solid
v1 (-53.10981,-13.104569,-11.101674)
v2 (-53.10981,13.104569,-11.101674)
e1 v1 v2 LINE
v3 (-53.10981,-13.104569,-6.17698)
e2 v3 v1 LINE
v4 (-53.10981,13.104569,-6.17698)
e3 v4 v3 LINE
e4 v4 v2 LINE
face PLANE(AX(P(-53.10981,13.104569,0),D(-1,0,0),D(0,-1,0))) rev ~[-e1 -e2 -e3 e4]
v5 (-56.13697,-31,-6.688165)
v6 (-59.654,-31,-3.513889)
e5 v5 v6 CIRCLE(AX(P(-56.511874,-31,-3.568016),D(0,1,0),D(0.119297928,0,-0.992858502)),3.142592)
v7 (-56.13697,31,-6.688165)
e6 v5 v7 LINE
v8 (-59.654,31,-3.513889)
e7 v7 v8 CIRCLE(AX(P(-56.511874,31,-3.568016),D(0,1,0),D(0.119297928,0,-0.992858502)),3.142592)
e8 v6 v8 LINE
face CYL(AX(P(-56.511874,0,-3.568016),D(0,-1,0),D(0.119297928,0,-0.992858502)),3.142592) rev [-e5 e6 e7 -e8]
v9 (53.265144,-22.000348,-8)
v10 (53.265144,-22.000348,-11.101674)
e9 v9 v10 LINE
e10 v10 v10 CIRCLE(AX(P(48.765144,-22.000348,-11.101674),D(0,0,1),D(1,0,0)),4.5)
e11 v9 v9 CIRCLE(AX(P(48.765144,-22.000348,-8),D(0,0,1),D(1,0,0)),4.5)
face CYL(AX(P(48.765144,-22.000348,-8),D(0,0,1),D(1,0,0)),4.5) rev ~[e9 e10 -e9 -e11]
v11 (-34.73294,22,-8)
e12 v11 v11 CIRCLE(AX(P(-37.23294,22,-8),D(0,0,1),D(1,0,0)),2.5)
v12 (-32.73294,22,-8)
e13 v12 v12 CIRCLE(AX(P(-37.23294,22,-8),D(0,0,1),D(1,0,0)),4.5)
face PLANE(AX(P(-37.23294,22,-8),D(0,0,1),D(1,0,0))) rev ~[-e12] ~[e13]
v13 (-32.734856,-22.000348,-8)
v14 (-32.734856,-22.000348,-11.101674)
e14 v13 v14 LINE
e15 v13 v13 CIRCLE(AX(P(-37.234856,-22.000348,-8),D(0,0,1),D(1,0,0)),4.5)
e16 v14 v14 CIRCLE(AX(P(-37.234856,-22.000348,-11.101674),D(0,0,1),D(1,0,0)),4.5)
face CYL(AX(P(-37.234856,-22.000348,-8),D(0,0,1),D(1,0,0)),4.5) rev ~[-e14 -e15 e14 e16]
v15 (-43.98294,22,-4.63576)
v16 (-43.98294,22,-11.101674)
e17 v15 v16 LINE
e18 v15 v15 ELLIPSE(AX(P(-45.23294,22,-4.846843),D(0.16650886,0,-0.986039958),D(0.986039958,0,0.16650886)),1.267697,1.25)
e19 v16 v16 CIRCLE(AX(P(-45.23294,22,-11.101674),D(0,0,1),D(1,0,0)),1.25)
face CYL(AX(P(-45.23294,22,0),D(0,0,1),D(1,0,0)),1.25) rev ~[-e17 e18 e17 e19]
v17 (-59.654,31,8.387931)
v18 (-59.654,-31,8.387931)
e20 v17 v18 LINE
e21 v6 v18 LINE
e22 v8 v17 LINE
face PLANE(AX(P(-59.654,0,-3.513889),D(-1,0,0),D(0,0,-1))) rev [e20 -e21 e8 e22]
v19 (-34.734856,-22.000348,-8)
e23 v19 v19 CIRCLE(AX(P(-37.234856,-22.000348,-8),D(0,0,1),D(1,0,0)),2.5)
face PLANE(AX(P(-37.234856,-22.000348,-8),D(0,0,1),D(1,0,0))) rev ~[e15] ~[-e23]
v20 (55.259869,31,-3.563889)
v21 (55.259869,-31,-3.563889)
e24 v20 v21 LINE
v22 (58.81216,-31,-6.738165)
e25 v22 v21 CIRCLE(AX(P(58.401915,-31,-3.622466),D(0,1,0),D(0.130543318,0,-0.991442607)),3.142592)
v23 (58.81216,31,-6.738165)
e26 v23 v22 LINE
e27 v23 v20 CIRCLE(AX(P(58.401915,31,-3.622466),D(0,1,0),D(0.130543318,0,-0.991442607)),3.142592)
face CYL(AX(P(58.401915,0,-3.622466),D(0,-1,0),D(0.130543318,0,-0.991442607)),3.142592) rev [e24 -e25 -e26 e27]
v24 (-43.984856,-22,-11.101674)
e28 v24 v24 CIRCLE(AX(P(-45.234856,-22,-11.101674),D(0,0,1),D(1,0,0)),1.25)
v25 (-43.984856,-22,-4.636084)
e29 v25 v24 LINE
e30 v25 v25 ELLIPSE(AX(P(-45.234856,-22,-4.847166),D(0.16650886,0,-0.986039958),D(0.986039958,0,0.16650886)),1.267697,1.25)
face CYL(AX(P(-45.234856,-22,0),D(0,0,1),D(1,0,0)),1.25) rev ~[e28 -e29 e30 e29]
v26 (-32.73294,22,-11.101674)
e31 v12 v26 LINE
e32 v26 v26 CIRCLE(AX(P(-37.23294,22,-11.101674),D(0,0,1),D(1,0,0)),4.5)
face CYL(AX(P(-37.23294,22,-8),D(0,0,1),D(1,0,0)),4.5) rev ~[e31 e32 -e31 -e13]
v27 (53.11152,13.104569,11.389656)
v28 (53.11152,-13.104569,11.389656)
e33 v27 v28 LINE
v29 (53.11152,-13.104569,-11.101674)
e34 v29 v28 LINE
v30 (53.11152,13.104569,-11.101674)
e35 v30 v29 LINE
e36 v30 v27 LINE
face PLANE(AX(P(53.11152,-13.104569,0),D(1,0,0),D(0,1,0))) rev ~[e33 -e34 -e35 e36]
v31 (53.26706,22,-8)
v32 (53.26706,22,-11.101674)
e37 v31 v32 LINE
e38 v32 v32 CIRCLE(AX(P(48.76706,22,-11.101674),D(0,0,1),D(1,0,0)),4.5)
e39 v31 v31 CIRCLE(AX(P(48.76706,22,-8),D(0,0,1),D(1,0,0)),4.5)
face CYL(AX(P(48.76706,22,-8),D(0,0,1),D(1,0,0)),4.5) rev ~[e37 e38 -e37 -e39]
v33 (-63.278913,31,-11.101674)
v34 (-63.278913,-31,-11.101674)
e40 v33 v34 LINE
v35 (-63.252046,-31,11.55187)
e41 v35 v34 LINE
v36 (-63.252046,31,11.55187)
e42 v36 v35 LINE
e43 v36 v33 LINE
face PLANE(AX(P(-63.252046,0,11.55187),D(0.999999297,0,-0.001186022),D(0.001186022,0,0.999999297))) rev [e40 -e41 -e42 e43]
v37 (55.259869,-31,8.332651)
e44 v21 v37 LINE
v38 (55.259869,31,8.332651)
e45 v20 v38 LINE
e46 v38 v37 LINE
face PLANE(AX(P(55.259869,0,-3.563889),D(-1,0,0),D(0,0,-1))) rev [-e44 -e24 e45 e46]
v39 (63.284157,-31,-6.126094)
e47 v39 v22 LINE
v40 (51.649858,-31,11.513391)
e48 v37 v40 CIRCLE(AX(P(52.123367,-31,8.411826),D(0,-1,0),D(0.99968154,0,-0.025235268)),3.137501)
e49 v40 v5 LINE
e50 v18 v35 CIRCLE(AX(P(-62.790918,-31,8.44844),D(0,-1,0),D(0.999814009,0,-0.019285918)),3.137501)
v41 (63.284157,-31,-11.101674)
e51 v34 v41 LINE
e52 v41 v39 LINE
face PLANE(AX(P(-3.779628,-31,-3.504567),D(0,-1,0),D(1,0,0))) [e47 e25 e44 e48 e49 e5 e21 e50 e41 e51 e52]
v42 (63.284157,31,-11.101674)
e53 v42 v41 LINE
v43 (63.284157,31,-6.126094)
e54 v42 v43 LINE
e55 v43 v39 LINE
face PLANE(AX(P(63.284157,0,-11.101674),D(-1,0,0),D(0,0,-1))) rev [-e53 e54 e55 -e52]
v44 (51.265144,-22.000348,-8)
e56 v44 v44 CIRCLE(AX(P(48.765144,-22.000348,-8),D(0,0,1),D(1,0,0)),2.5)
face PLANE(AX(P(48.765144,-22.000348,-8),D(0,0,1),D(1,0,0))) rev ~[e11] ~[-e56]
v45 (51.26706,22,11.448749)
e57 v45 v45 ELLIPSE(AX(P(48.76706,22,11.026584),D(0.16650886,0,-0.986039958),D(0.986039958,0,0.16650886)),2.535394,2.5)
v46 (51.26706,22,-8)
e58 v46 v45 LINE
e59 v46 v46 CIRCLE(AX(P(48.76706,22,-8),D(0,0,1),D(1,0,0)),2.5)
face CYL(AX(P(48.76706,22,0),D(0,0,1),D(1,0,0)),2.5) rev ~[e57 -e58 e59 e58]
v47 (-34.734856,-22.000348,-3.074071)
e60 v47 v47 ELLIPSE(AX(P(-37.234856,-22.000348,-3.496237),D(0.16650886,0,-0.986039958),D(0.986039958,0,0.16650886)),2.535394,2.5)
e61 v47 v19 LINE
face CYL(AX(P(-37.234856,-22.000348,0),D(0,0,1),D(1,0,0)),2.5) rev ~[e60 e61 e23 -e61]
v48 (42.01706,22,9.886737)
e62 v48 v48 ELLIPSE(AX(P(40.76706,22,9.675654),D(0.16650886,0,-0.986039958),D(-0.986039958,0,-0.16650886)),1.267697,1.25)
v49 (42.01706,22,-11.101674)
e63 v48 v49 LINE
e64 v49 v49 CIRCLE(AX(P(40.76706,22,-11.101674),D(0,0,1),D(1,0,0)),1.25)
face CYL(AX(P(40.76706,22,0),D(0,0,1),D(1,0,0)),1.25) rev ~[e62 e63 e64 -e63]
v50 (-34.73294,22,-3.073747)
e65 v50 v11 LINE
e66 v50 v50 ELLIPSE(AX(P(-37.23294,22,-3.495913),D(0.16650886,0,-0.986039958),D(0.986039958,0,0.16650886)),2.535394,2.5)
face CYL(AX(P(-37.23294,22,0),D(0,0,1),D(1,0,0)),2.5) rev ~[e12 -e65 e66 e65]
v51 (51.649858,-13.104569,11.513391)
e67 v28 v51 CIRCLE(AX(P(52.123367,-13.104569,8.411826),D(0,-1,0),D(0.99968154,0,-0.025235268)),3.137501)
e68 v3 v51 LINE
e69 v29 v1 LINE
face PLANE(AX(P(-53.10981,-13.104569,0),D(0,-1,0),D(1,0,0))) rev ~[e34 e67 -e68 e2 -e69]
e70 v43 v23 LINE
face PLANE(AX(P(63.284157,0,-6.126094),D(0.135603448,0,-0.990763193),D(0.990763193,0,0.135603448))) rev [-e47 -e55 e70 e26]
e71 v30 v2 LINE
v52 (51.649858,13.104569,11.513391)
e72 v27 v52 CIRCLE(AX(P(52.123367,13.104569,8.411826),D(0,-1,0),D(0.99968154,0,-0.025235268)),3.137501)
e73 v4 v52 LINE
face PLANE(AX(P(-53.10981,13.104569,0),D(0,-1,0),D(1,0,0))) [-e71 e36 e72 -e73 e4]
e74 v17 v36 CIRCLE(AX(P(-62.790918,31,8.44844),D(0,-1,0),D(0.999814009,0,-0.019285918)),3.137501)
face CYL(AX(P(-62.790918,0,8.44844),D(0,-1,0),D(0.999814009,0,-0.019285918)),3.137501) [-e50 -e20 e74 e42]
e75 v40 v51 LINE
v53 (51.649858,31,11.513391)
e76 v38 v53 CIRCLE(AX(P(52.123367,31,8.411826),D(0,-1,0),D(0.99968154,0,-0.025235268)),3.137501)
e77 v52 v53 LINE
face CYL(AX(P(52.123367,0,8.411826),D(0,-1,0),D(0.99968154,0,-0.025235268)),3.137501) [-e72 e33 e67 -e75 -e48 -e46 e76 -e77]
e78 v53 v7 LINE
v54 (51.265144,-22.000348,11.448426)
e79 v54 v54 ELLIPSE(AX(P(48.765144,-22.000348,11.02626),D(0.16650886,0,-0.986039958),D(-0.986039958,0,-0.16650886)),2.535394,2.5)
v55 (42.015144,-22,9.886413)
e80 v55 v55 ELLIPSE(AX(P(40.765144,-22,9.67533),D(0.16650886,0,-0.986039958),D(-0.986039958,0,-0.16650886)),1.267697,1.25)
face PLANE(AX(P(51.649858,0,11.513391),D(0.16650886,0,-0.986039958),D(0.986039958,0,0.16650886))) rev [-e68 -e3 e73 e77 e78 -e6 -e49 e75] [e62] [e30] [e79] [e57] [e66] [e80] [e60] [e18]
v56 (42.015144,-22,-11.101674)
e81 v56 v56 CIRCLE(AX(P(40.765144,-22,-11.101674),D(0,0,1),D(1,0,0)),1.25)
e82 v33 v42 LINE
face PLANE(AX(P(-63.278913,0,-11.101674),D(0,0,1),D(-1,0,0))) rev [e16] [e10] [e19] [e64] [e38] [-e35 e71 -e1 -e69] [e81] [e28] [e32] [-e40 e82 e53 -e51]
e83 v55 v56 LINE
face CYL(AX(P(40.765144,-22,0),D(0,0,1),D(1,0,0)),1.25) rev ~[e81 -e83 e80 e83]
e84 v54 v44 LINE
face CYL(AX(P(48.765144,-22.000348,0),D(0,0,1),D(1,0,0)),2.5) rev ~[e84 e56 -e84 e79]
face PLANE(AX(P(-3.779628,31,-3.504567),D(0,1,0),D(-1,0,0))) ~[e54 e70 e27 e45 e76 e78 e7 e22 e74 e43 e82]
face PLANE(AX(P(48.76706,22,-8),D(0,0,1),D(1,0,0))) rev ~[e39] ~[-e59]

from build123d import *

# Parameters (mm, degrees)
F1_DEPTH = 31
F3_W     = 106.2213294208
F3_H     = 13.1045691669
F4_DEPTH = 25
F5_R     = 1.25
F5_R_2   = 2.5
F6_DEPTH = 15
F7_START = -8
F5_R_3   = 4.5
F7_DEPTH = 4


with BuildPart() as f1:
    # F0 (on Front) → F1 (new body)
    with BuildSketch(Plane.XZ):
        with BuildLine():
            Line((-59.654000323, -3.5138892937), (-59.654000323, 8.3879307063))
            ThreePointArc((-59.654000323, 8.3879307063), (-60.7190612433, 10.8045648955), (-63.2520458808, 11.5518696492))
            Line((-63.2520458808, 11.5518696492), (-63.2789134979, -11.1016744181))
            Line((-63.2789134979, -11.1016744181), (63.284156729, -11.1016744181))
            Line((63.284156729, -11.1016744181), (63.284156729, -6.1260935991))
            Line((63.284156729, -6.1260935991), (58.8121598262, -6.7381653853))
            ThreePointArc((58.8121598262, -6.7381653853), (56.307949738, -5.9657950954), (55.2598693261, -3.5638892937))
            Line((55.2598693261, -3.5638892937), (55.2598693261, 8.3326508177))
            ThreePointArc((55.2598693261, 8.3326508177), (54.1975321527, 10.7659194445), (51.649858136, 11.5133909047))
            Line((51.649858136, 11.5133909047), (-56.1369696956, -6.6881653853))
            ThreePointArc((-56.1369696956, -6.6881653853), (-58.6174350193, -5.900932648), (-59.654000323, -3.5138892937))
        make_face()
    extrude(amount=F1_DEPTH)

    # F2: F1 across plane


with BuildPart() as f1_1:
    add(f1.part)
    add(f1.part.mirror(Plane.XZ))

    # F3 (on Top) → F4 (cut, symmetric)
    with BuildSketch(Plane.XY):
        with Locations((0.0008549541, -6.5522845834)):
            Rectangle(F3_W, F3_H)
        with Locations((0.0008549541, 6.5522845834)):
            Rectangle(F3_W, F3_H)
    extrude(amount=F4_DEPTH, both=True, mode=Mode.SUBTRACT)

    # F5 (on Top) → F6 (cut, symmetric)
    with BuildSketch(Plane.XY):
        with Locations((40.7651439339, -22)):
            Circle(F5_R)
        with Locations((-45.2348560661, -21.9999999583)):
            Circle(F5_R)
        with Locations((-45.23294, 22)):
            Circle(F5_R)
        with Locations((40.76706, 22)):
            Circle(F5_R)
        with Locations((-37.23294, 22)):
            Circle(F5_R_2)
        with Locations((-37.2348560737, -22.0003483339)):
            Circle(F5_R_2)
        with Locations((48.7651439263, -22.0003483756)):
            Circle(F5_R_2)
        with Locations((48.76706, 22)):
            Circle(F5_R_2)
    extrude(amount=F6_DEPTH, both=True, mode=Mode.SUBTRACT)

    # F5 (on Top) → F7 (cut)
    with BuildSketch(Plane.XY.offset(F7_START)):
        with Locations((-37.23294, 22)):
            Circle(F5_R_3)
        with Locations((-37.23294, 22)):
            Circle(F5_R_2, mode=Mode.SUBTRACT)
        with Locations((-37.2348560737, -22.0003483339)):
            Circle(F5_R_3)
        with Locations((-37.2348560737, -22.0003483339)):
            Circle(F5_R_2, mode=Mode.SUBTRACT)
        with Locations((48.76706, 22)):
            Circle(F5_R_3)
        with Locations((48.76706, 22)):
            Circle(F5_R_2, mode=Mode.SUBTRACT)
        with Locations((48.7651439263, -22.0003483756)):
            Circle(F5_R_3)
        with Locations((48.7651439263, -22.0003483756)):
            Circle(F5_R_2, mode=Mode.SUBTRACT)
    extrude(amount=-F7_DEPTH, mode=Mode.SUBTRACT)


solid = f1_1.part
